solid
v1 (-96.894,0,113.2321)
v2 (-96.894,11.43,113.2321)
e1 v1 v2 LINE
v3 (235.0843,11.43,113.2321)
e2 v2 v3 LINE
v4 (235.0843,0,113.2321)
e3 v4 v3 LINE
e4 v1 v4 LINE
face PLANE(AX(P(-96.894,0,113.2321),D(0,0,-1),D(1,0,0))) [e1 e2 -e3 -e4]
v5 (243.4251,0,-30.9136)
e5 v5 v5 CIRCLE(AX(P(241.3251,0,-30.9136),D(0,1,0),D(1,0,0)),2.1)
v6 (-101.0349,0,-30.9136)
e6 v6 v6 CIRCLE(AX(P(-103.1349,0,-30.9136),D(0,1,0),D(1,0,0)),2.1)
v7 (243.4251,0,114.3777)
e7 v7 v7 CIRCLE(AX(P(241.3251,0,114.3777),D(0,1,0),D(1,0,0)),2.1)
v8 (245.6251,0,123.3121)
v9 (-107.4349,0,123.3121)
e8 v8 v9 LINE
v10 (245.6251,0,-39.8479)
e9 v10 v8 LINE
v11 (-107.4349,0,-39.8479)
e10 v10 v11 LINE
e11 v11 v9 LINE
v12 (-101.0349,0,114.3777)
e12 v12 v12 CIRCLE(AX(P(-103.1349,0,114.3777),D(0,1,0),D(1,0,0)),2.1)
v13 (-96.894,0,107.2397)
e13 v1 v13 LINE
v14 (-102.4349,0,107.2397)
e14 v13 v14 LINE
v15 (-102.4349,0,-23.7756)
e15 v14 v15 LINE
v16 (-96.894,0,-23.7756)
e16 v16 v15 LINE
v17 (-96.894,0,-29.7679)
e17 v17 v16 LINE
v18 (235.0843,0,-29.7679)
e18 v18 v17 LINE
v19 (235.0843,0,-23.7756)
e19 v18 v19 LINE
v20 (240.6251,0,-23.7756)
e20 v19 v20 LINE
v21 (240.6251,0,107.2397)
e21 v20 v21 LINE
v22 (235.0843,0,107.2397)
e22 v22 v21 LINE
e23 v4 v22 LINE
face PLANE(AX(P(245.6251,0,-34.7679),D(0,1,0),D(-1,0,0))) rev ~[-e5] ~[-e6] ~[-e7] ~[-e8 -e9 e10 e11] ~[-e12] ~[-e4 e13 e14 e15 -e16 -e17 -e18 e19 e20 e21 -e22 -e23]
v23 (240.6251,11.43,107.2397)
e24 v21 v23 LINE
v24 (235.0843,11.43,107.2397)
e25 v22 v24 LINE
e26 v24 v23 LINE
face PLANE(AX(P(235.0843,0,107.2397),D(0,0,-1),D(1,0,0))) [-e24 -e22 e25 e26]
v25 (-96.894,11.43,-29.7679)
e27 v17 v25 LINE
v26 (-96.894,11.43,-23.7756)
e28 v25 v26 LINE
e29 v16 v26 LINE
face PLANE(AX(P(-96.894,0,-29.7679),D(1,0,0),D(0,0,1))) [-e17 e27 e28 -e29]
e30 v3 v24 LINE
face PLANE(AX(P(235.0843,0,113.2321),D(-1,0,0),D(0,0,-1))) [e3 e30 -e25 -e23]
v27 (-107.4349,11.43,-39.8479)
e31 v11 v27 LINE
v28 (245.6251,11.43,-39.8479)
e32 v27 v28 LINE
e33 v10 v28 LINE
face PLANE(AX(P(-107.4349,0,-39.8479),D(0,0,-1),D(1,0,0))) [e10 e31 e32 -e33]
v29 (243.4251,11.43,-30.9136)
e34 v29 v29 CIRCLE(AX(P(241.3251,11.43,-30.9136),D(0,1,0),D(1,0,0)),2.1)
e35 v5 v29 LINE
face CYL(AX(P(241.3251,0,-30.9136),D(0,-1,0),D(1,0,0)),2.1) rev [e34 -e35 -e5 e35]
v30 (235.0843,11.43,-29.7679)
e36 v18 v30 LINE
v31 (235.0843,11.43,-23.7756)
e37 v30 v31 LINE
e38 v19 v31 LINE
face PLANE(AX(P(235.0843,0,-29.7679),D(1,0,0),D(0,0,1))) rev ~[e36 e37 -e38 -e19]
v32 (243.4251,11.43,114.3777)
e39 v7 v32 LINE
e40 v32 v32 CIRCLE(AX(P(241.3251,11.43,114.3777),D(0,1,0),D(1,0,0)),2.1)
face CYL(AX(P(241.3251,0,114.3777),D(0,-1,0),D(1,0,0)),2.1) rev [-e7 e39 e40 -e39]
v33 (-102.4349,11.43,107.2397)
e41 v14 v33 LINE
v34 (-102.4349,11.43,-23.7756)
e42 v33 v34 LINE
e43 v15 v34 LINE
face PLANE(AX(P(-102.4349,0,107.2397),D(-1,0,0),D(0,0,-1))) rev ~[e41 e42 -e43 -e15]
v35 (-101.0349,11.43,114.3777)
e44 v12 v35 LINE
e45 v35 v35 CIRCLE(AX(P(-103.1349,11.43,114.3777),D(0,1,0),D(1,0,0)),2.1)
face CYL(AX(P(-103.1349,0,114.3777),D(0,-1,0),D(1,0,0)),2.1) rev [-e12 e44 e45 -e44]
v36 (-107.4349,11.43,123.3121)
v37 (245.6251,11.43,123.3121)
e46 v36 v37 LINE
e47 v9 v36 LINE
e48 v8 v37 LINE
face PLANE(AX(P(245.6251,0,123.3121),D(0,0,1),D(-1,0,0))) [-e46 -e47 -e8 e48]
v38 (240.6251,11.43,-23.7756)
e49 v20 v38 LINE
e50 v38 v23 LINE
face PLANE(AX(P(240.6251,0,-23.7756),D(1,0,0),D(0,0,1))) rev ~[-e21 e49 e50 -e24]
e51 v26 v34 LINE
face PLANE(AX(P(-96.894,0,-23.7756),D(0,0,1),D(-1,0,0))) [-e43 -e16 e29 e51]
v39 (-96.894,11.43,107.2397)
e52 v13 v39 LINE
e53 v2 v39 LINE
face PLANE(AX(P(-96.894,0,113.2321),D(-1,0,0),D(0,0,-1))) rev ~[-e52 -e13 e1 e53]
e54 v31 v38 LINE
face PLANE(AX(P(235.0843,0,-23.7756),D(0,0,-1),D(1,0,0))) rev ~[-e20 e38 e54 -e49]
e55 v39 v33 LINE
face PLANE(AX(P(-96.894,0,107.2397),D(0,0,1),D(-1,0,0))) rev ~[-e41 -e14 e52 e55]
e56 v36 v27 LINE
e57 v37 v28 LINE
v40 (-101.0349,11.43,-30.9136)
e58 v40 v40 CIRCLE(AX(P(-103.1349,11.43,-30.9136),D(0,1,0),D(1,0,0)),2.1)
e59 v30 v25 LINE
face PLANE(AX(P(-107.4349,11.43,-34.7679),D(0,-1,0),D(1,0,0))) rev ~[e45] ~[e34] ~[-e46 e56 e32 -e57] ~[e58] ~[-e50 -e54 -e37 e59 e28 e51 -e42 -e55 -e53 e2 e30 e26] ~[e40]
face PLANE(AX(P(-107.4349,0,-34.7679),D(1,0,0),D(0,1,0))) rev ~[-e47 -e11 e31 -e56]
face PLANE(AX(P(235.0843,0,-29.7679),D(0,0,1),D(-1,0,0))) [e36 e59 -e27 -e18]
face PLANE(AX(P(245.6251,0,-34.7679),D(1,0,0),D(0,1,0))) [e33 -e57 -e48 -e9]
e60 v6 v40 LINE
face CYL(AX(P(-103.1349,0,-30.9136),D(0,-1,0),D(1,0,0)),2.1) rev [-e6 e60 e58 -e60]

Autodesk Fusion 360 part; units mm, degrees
sketch "Sketch1" plane through (0, 0, 0) normal (0, 1, 0) x (1, 0, 0)
  line L0 (-107.4349, 34.7679) -> (245.6251, 34.7679)
  line L1 (245.6251, 34.7679) -> (245.6251, -118.2321)
  line L2 (245.6251, -118.2321) -> (-107.4349, -118.2321)
  line L3 (-107.4349, -118.2321) -> (-107.4349, 34.7679)
  line L4 (-107.4349, 34.7679) -> (245.6251, 34.7679)
  line L5 (245.6251, 34.7679) -> (245.6251, 29.7679)
  line L6 (-107.4349, 29.7679) -> (-107.4349, 34.7679)
  line L7 (245.6251, 34.7679) -> (240.6251, 34.7679)
  line L8 (157.6216, -118.2321) -> (245.6251, -118.2321)
  line L9 (245.6251, -118.2321) -> (245.6251, 34.7679)
  line L10 (245.6251, -118.2321) -> (-107.4349, -118.2321)
  line L11 (-107.4349, -118.2321) -> (-107.4349, -113.2321)
  line L12 (245.6251, -113.2321) -> (245.6251, -118.2321)
  line L13 (-107.4349, -118.2321) -> (-30.4984, -118.2321)
  line L14 (-102.4349, 34.7679) -> (-107.4349, 34.7679)
  line L15 (-107.4349, 34.7679) -> (-107.4349, -118.2321)
  line L16 (-107.4349, -118.2321) -> (-24.9576, -118.2321)
  line L17 (-96.894, -113.2321) -> (-96.894, -107.2397)
  line L18 (-96.894, -107.2397) -> (-102.4349, -107.2397)
  line L19 (-107.4349, -107.2397) -> (-107.4349, -118.2321)
  circle A0 centre (-103.1349, -114.3777) radius 2.1
  line L20 (-106.1349, -119.3752) -> (-99.8349, -119.3752)
  line L21 (69.0951, -118.2321) -> (69.0951, 34.7679) construction
  line L22 (245.6251, -41.7321) -> (-107.4349, -41.7321) construction
  line L23 (235.0843, -113.2321) -> (235.0843, -107.2397)
  line L24 (235.0843, -107.2397) -> (240.6251, -107.2397)
  circle A1 centre (241.3251, -114.3777) radius 2.1
  line L25 (-96.894, -113.2321) -> (235.0843, -113.2321)
  circle A2 centre (-103.1349, 30.9136) radius 2.1
  line L26 (-96.894, 29.7679) -> (-96.894, 23.7756)
  line L27 (-96.894, 23.7756) -> (-102.4349, 23.7756)
  line L28 (235.0843, 23.7756) -> (240.6251, 23.7756)
  line L29 (235.0843, 29.7679) -> (235.0843, 23.7756)
  circle A3 centre (241.3251, 30.9136) radius 2.1
  line L30 (240.6251, 23.7756) -> (240.6251, -107.2397)
  line L31 (235.0843, 29.7679) -> (-96.894, 29.7679)
  line L32 (-102.4349, -107.2397) -> (-102.4349, 23.7756)
  dimension "d1" = 153
  dimension "d2" = 353.06
  dimension "d3" = 5
  dimension "d4" = 5
  dimension "d5" = 5
  dimension "d6" = 5
  dimension "d8" = 4.2
  dimension "d9" = 4.3
  dimension "d10" = 6.3
  dimension "d11" = 1.3
  dimension "d14" = 3.8543
  dimension "d15" = 10.5408
  dimension "d16" = 10.9923
  dimension "d17" = 5
  dimension "d18" = 5
  dimension "d19" = 5
extrude "Extrude1" add sketch "Sketch1" along normal blind 11.43
extrude "Extrude2" add 4 faces at (216.2906, 3.81, 118.2321) (96.7618, 3.81, 118.2321) (-26.8045, 3.81, 118.2321) (-56.1439, 3.81, 118.2321) along direction (0, 0, 1) blind 5.08
extrude "Extrude3" add 1 faces at (127.9385, 7.62, -34.7679) along direction (0, 0, -1) blind 5.08
equation "d9 = 1.8 mm + 2.5 mm"
